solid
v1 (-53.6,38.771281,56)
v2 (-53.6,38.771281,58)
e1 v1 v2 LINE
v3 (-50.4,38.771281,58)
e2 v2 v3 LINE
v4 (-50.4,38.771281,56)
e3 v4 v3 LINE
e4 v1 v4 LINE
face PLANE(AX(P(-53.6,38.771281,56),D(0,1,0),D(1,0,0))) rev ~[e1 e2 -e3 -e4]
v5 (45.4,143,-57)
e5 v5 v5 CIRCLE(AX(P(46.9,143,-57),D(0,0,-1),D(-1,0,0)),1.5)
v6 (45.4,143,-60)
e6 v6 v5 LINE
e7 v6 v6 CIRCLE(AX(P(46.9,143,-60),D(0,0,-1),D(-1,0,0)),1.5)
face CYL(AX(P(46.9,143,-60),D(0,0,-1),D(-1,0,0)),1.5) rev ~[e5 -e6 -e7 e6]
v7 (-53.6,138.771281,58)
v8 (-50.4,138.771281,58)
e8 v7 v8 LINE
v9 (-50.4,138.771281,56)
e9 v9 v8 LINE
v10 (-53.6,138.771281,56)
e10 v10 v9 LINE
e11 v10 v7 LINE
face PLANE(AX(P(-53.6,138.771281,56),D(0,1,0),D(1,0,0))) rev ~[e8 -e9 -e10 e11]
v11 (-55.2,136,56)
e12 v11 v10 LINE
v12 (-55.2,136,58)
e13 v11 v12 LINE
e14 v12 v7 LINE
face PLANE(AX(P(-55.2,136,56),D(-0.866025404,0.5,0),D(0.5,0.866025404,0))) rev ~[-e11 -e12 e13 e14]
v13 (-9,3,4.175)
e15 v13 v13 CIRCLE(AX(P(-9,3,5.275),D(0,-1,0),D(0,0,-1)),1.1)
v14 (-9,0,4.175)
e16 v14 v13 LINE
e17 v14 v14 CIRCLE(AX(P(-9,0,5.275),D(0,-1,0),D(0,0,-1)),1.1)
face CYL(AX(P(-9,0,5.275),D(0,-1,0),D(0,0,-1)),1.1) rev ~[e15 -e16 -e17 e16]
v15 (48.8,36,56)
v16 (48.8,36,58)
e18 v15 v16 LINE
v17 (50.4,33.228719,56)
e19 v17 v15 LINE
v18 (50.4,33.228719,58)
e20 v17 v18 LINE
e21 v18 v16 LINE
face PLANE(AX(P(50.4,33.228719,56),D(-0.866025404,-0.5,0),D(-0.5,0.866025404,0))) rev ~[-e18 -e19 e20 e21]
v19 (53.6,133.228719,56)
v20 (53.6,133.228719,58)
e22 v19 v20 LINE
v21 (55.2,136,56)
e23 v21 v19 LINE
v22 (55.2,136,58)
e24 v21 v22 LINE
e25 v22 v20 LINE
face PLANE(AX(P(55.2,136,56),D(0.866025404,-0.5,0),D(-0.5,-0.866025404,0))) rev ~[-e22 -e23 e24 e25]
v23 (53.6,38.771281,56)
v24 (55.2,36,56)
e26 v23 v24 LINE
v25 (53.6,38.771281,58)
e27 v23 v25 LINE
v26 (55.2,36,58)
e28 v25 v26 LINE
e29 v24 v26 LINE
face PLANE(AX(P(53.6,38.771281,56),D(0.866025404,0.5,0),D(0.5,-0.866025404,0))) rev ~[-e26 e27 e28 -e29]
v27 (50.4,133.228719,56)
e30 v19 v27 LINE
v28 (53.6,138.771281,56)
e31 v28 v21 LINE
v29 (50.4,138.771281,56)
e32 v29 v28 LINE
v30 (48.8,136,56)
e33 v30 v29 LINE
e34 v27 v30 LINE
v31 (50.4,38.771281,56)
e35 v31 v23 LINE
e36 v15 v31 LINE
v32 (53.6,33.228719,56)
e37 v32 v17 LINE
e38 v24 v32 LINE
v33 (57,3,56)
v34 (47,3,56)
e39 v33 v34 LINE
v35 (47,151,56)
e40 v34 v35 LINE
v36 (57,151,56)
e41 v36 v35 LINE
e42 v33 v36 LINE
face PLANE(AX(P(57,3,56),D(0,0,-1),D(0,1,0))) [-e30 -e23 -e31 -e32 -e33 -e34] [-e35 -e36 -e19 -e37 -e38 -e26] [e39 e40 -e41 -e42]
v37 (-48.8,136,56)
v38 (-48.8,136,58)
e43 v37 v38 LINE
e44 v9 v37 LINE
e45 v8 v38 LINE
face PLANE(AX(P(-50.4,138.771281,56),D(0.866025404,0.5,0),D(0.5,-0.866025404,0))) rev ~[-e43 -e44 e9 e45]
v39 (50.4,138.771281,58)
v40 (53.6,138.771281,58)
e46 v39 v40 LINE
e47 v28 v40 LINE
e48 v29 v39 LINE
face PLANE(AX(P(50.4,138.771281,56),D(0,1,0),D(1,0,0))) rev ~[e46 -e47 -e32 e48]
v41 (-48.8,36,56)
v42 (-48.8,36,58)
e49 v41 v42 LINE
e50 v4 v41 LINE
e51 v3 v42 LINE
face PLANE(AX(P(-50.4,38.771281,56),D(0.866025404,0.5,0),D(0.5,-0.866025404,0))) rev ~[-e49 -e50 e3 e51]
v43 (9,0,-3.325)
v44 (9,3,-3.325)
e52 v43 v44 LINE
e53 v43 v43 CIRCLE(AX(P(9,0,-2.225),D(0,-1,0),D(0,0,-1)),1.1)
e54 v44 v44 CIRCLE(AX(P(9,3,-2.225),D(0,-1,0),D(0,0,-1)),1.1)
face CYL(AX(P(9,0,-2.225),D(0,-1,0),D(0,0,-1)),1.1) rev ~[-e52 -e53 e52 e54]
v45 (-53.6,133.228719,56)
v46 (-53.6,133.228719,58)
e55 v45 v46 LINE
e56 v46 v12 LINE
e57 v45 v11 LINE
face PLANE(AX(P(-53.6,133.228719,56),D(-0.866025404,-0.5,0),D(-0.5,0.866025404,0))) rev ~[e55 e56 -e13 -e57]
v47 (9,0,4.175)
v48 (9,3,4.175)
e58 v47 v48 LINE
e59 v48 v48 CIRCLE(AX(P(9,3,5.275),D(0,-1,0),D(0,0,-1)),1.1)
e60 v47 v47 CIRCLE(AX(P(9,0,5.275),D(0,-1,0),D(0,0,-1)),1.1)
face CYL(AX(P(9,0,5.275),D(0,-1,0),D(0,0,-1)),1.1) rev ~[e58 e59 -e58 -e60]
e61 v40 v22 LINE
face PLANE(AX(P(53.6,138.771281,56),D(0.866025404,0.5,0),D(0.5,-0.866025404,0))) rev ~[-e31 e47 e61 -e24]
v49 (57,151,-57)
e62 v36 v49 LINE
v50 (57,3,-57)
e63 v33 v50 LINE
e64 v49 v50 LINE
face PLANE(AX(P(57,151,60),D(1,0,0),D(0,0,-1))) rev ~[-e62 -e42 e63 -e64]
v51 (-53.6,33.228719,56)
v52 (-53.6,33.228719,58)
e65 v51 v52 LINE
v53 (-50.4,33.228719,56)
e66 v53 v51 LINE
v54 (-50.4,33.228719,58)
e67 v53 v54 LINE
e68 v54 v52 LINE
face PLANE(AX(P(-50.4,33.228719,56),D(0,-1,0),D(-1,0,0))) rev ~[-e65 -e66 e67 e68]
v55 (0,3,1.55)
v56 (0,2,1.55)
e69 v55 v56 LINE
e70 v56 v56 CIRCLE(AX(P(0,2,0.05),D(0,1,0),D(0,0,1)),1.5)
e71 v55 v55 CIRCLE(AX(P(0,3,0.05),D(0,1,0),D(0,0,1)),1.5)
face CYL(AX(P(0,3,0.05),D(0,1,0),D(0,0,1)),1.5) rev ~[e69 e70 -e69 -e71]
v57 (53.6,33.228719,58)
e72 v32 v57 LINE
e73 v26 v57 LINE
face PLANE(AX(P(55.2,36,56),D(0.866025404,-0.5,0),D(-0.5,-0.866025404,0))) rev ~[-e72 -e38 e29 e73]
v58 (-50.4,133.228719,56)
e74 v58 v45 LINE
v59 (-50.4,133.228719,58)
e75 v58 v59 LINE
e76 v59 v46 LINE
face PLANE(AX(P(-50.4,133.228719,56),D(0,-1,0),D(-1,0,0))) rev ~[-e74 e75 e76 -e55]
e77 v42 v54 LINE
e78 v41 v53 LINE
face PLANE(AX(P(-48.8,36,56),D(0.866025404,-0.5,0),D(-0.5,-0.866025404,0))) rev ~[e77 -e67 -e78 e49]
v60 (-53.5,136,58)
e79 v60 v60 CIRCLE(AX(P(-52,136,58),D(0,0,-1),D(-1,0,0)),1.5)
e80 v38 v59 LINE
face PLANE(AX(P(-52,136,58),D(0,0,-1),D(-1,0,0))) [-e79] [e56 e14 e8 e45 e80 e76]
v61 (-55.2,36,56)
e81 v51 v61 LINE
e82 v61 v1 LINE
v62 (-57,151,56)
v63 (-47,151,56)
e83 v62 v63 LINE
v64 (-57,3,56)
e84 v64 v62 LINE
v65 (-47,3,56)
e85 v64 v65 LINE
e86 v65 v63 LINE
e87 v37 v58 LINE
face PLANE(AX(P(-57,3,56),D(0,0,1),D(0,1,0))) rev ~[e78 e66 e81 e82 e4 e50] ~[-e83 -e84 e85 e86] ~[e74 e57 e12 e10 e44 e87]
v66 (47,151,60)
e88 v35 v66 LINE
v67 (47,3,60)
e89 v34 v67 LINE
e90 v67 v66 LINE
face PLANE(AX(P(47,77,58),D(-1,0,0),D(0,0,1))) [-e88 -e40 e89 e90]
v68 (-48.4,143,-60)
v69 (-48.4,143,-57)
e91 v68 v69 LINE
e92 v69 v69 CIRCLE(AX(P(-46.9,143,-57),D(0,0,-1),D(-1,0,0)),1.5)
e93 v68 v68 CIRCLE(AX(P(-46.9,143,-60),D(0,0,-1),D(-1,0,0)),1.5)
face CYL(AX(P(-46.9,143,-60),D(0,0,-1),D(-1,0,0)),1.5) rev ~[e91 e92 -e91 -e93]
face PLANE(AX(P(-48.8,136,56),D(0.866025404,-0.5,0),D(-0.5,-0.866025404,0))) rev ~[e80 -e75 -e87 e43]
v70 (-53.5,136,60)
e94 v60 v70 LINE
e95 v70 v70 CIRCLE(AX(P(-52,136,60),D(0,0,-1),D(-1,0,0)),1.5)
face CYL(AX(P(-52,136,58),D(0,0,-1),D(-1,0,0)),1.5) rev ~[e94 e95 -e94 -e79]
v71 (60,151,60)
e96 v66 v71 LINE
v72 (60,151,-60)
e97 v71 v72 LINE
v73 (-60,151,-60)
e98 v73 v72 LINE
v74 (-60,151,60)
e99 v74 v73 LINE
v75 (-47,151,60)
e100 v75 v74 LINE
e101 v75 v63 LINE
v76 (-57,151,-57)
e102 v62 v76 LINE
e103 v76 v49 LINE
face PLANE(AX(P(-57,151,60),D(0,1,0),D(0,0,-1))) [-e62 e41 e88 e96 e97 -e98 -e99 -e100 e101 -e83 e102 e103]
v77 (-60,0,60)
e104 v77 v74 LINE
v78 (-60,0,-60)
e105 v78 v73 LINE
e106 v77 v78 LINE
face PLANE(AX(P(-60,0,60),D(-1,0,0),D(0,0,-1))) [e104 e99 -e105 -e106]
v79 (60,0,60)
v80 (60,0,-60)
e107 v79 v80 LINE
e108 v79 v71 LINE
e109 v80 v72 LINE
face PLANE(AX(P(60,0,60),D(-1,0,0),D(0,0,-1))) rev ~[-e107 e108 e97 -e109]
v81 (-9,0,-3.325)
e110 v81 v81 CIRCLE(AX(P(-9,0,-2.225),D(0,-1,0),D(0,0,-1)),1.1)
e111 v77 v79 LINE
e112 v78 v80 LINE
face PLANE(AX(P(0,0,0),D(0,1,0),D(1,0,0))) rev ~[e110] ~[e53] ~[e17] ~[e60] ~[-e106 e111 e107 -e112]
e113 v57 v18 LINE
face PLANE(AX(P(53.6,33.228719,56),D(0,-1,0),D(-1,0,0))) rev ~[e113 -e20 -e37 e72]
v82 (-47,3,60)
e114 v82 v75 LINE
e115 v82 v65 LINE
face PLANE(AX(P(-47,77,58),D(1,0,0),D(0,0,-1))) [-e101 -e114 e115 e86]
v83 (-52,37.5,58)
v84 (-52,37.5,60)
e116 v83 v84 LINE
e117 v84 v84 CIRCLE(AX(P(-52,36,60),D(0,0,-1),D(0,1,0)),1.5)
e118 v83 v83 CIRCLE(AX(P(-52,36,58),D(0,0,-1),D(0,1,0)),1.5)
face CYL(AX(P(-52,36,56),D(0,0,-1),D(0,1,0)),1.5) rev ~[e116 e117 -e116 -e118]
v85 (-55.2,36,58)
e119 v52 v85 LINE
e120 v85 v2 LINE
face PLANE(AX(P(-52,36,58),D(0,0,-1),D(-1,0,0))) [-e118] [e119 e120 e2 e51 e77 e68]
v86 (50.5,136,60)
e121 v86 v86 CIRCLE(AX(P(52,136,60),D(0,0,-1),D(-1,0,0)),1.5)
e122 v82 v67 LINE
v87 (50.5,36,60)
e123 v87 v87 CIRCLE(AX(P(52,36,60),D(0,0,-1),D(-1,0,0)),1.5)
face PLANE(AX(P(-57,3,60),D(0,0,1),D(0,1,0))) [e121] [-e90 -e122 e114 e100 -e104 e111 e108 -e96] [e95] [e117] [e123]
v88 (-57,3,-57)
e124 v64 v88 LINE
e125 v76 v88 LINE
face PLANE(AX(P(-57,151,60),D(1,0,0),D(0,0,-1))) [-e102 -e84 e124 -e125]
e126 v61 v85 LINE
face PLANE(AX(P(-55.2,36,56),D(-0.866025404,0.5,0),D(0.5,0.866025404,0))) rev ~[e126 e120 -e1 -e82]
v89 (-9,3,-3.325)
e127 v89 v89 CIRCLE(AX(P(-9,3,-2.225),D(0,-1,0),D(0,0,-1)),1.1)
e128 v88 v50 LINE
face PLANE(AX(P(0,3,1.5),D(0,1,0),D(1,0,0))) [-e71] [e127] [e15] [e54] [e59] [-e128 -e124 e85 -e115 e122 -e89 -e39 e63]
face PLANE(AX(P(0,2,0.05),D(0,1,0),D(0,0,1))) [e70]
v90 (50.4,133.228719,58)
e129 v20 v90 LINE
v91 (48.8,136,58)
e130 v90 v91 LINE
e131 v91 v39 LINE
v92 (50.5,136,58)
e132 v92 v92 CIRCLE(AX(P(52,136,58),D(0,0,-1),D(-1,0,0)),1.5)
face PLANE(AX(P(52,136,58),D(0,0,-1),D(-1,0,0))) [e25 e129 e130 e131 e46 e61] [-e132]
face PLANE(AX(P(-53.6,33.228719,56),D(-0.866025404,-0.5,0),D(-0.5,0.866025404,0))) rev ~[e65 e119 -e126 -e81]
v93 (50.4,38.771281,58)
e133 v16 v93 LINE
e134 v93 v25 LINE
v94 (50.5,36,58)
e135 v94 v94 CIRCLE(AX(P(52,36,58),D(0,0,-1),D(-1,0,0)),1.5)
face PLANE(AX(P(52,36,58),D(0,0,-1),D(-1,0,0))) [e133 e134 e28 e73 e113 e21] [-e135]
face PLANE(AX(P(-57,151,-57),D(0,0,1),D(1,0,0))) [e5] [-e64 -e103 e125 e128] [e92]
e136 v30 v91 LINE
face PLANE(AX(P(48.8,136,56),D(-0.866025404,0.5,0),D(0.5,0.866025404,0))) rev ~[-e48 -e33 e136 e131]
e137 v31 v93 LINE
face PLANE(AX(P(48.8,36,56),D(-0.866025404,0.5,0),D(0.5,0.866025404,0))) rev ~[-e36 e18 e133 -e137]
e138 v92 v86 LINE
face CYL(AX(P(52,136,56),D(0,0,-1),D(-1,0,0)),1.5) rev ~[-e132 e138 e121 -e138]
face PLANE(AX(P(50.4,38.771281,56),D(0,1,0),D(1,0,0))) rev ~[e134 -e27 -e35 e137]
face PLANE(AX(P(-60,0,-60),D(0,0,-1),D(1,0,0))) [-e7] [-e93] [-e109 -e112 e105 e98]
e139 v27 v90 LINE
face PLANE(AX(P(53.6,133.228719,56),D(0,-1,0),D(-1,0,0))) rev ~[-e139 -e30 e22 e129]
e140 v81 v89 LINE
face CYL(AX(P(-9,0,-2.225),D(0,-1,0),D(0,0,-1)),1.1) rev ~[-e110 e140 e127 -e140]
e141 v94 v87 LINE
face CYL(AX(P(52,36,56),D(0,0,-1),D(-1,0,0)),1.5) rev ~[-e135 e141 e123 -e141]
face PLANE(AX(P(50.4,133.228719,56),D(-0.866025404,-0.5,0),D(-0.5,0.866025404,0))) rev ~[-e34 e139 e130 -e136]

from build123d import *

# Parameters (mm, degrees)
SKETCH1_W                = 120
SKETCH1_H                = 120
MAIN_BODY_DEPTH          = 151
SKETCH11_W               = 114
SKETCH11_H               = 117
HOLLOW_DEPTH             = 148
SKETCH12_W               = 4
SKETCH12_H               = 148
BOSS_EXTRUDE1_DEPTH      = 10
SKETCH13_W               = 4
SKETCH13_H               = 148
BOSS_EXTRUDE2_DEPTH      = 10
LED_MOUNTING_HOLES_REACH = 175.208
SKETCH14_R               = 1.1
SKETCH15_R               = 1.5
LED_POSITION_DEPTH       = 1
BOLT_HOLE_1_REACH        = 203.993
SKETCH16_R               = 1.5
LPATTERN1_COUNT          = 2
LPATTERN1_PITCH          = 93.8
CUT_EXTRUDE5_DEPTH       = 2
SKETCH20_R               = 1.5
CUT_EXTRUDE6_DEPTH       = 10
SKETCH21_R               = 1.5
BOLT_HOLE1_DEPTH         = 10
NUT_HOLE1_DEPTH          = 2
NUT_HOLE3_DEPTH          = 2
SKETCH33_R               = 1.5
BOLT_HOLE3_DEPTH         = 12
NUT_HOLE4_DEPTH          = 2
SKETCH35_R               = 1.5
CUT_EXTRUDE16_DEPTH      = 12


with BuildPart() as part:
    # Sketch1 → Main-Body (new body)
    with BuildSketch(Plane(origin=(0, 0, 0), x_dir=(1, 0, 0), z_dir=(0, 1, 0))):
        Rectangle(SKETCH1_W, SKETCH1_H)
    extrude(amount=MAIN_BODY_DEPTH)

    # Sketch11 → Hollow (cut)
    with BuildSketch(Plane(origin=(0, 151, 0), x_dir=(1, 0, 0), z_dir=(0, 1, 0))):
        with Locations((0, -1.5)):
            Rectangle(SKETCH11_W, SKETCH11_H)
    extrude(amount=-HOLLOW_DEPTH, mode=Mode.SUBTRACT)

    # Sketch12 → Boss-Extrude1 (add)
    with BuildSketch(Plane.ZY.offset(-57)):
        with Locations((58, 77)):
            Rectangle(SKETCH12_W, SKETCH12_H)
    extrude(amount=BOSS_EXTRUDE1_DEPTH)

    # Sketch13 → Boss-Extrude2 (add)
    with BuildSketch(Plane(origin=(-57, 0, 0), x_dir=(0, 0, -1), z_dir=(1, 0, 0))):
        with Locations((-58, 77)):
            Rectangle(SKETCH13_W, SKETCH13_H)
    extrude(amount=BOSS_EXTRUDE2_DEPTH)

    # Sketch14 → LED-Mounting-Holes (cut, up to next)
    with BuildSketch(Plane(origin=(0, 0, 0), x_dir=(0, 0, 1), z_dir=(0, -1, 0)), mode=Mode.PRIVATE) as led_mounting_holes_sk1:
        with Locations(Location((-2.225, 9, 0), (0, 0, 180))):
            Circle(SKETCH14_R)
    led_mounting_holes_tool1 = extrude(led_mounting_holes_sk1.sketch, amount=-LED_MOUNTING_HOLES_REACH, mode=Mode.PRIVATE) & part.part
    # Sketch14 → LED-Mounting-Holes (cut, up to next)
    with BuildSketch(Plane(origin=(0, 0, 0), x_dir=(0, 0, 1), z_dir=(0, -1, 0)), mode=Mode.PRIVATE) as led_mounting_holes_sk2:
        with Locations(Location((5.275, 9, 0), (0, 0, 180))):
            Circle(SKETCH14_R)
    led_mounting_holes_tool2 = extrude(led_mounting_holes_sk2.sketch, amount=-LED_MOUNTING_HOLES_REACH, mode=Mode.PRIVATE) & part.part
    # Sketch14 → LED-Mounting-Holes (cut, up to next)
    with BuildSketch(Plane(origin=(0, 0, 0), x_dir=(0, 0, 1), z_dir=(0, -1, 0)), mode=Mode.PRIVATE) as led_mounting_holes_sk3:
        with Locations(Location((5.275, -9, 0), (0, 0, 180))):
            Circle(SKETCH14_R)
    led_mounting_holes_tool3 = extrude(led_mounting_holes_sk3.sketch, amount=-LED_MOUNTING_HOLES_REACH, mode=Mode.PRIVATE) & part.part
    # Sketch14 → LED-Mounting-Holes (cut, up to next)
    with BuildSketch(Plane(origin=(0, 0, 0), x_dir=(0, 0, 1), z_dir=(0, -1, 0)), mode=Mode.PRIVATE) as led_mounting_holes_sk4:
        with Locations(Location((-2.225, -9, 0), (0, 0, 180))):
            Circle(SKETCH14_R)
    led_mounting_holes_tool4 = extrude(led_mounting_holes_sk4.sketch, amount=-LED_MOUNTING_HOLES_REACH, mode=Mode.PRIVATE) & part.part
    add(led_mounting_holes_tool1.solids().sort_by_distance((-9, 0, -2.225))[0], mode=Mode.SUBTRACT)
    add(led_mounting_holes_tool2.solids().sort_by_distance((-9, 0, 5.275))[0], mode=Mode.SUBTRACT)
    add(led_mounting_holes_tool3.solids().sort_by_distance((9, 0, 5.275))[0], mode=Mode.SUBTRACT)
    add(led_mounting_holes_tool4.solids().sort_by_distance((9, 0, -2.225))[0], mode=Mode.SUBTRACT)

    # Sketch15 → LED-Position (cut)
    with BuildSketch(Plane(origin=(0, 3, 0), x_dir=(1, 0, 0), z_dir=(0, 1, 0))):
        with Locations(Location((0, -0.05, 0), (0, 0, 270))):
            Circle(SKETCH15_R)
    extrude(amount=-LED_POSITION_DEPTH, mode=Mode.SUBTRACT)

    # Sketch16 → Bolt-Hole-1 (cut, up to next)
    with BuildSketch(Plane(origin=(0, 0, -60), x_dir=(-1, 0, 0), z_dir=(0, 0, -1)), mode=Mode.PRIVATE) as bolt_hole_1_sk1:
        with Locations((-46.9, 143)):
            Circle(SKETCH16_R)
    bolt_hole_1_tool1 = extrude(bolt_hole_1_sk1.sketch, amount=-BOLT_HOLE_1_REACH, mode=Mode.PRIVATE) & part.part
    bolt_hole_1 = bolt_hole_1_tool1.solids().sort_by_distance((46.9, 143, -60))[0]
    add(bolt_hole_1, mode=Mode.SUBTRACT)

    # LPattern1: Bolt-Hole-1 ×2
    with Locations(*[(-i * LPATTERN1_PITCH, 0, 0) for i in range(1, LPATTERN1_COUNT)]):
        add(bolt_hole_1, mode=Mode.SUBTRACT)

    # Sketch18 → Cut-Extrude5 (cut)
    with BuildSketch(Plane(origin=(0, 0, 56), x_dir=(-1, 0, 0), z_dir=(0, 0, -1))):
        Polygon((55.2, 136), (53.6, 138.771281292), (50.4, 138.771281292), (48.8, 136), (50.4, 133.228718708), (53.6, 133.228718708), align=None)
    extrude(amount=-CUT_EXTRUDE5_DEPTH, mode=Mode.SUBTRACT)

    # Sketch20 → Cut-Extrude6 (cut)
    with BuildSketch(Plane(origin=(0, 0, 58), x_dir=(-1, 0, 0), z_dir=(0, 0, -1))):
        with Locations((52, 136)):
            Circle(SKETCH20_R)
    extrude(amount=-CUT_EXTRUDE6_DEPTH, mode=Mode.SUBTRACT)

    # Sketch21 → Bolt-Hole1 (cut)
    with BuildSketch(Plane(origin=(0, 0, 56), x_dir=(-1, 0, 0), z_dir=(0, 0, -1))):
        with Locations(Location((52, 36, 0), (0, 0, 90))):
            Circle(SKETCH21_R)
    extrude(amount=-BOLT_HOLE1_DEPTH, mode=Mode.SUBTRACT)

    # Sketch29 → Nut-hole1 (cut)
    with BuildSketch(Plane(origin=(0, 0, 56), x_dir=(-1, 0, 0), z_dir=(0, 0, -1))):
        Polygon((55.2, 36), (53.6, 38.771281292), (50.4, 38.771281292), (48.8, 36), (50.4, 33.228718708), (53.6, 33.228718708), align=None)
    extrude(amount=-NUT_HOLE1_DEPTH, mode=Mode.SUBTRACT)

    # Sketch32 → Nut-Hole3 (cut)
    with BuildSketch(Plane(origin=(0, 0, 56), x_dir=(-1, 0, 0), z_dir=(0, 0, -1))):
        Polygon((-48.8, 136), (-50.4, 138.771281292), (-53.6, 138.771281292), (-55.2, 136), (-53.6, 133.228718708), (-50.4, 133.228718708), align=None)
    extrude(amount=-NUT_HOLE3_DEPTH, mode=Mode.SUBTRACT)

    # Sketch33 → Bolt-Hole3 (cut)
    with BuildSketch(Plane(origin=(0, 0, 56), x_dir=(-1, 0, 0), z_dir=(0, 0, -1))):
        with Locations((-52, 136)):
            Circle(SKETCH33_R)
    extrude(amount=-BOLT_HOLE3_DEPTH, mode=Mode.SUBTRACT)

    # Sketch34 → Nut-hole4 (cut)
    with BuildSketch(Plane(origin=(0, 0, 56), x_dir=(-1, 0, 0), z_dir=(0, 0, -1))):
        Polygon((-48.8, 36), (-50.4, 38.771281292), (-53.6, 38.771281292), (-55.2, 36), (-53.6, 33.228718708), (-50.4, 33.228718708), align=None)
    extrude(amount=-NUT_HOLE4_DEPTH, mode=Mode.SUBTRACT)

    # Sketch35 → Cut-Extrude16 (cut)
    with BuildSketch(Plane(origin=(0, 0, 56), x_dir=(-1, 0, 0), z_dir=(0, 0, -1))):
        with Locations((-52, 36)):
            Circle(SKETCH35_R)
    extrude(amount=-CUT_EXTRUDE16_DEPTH, mode=Mode.SUBTRACT)


solid = part.part
